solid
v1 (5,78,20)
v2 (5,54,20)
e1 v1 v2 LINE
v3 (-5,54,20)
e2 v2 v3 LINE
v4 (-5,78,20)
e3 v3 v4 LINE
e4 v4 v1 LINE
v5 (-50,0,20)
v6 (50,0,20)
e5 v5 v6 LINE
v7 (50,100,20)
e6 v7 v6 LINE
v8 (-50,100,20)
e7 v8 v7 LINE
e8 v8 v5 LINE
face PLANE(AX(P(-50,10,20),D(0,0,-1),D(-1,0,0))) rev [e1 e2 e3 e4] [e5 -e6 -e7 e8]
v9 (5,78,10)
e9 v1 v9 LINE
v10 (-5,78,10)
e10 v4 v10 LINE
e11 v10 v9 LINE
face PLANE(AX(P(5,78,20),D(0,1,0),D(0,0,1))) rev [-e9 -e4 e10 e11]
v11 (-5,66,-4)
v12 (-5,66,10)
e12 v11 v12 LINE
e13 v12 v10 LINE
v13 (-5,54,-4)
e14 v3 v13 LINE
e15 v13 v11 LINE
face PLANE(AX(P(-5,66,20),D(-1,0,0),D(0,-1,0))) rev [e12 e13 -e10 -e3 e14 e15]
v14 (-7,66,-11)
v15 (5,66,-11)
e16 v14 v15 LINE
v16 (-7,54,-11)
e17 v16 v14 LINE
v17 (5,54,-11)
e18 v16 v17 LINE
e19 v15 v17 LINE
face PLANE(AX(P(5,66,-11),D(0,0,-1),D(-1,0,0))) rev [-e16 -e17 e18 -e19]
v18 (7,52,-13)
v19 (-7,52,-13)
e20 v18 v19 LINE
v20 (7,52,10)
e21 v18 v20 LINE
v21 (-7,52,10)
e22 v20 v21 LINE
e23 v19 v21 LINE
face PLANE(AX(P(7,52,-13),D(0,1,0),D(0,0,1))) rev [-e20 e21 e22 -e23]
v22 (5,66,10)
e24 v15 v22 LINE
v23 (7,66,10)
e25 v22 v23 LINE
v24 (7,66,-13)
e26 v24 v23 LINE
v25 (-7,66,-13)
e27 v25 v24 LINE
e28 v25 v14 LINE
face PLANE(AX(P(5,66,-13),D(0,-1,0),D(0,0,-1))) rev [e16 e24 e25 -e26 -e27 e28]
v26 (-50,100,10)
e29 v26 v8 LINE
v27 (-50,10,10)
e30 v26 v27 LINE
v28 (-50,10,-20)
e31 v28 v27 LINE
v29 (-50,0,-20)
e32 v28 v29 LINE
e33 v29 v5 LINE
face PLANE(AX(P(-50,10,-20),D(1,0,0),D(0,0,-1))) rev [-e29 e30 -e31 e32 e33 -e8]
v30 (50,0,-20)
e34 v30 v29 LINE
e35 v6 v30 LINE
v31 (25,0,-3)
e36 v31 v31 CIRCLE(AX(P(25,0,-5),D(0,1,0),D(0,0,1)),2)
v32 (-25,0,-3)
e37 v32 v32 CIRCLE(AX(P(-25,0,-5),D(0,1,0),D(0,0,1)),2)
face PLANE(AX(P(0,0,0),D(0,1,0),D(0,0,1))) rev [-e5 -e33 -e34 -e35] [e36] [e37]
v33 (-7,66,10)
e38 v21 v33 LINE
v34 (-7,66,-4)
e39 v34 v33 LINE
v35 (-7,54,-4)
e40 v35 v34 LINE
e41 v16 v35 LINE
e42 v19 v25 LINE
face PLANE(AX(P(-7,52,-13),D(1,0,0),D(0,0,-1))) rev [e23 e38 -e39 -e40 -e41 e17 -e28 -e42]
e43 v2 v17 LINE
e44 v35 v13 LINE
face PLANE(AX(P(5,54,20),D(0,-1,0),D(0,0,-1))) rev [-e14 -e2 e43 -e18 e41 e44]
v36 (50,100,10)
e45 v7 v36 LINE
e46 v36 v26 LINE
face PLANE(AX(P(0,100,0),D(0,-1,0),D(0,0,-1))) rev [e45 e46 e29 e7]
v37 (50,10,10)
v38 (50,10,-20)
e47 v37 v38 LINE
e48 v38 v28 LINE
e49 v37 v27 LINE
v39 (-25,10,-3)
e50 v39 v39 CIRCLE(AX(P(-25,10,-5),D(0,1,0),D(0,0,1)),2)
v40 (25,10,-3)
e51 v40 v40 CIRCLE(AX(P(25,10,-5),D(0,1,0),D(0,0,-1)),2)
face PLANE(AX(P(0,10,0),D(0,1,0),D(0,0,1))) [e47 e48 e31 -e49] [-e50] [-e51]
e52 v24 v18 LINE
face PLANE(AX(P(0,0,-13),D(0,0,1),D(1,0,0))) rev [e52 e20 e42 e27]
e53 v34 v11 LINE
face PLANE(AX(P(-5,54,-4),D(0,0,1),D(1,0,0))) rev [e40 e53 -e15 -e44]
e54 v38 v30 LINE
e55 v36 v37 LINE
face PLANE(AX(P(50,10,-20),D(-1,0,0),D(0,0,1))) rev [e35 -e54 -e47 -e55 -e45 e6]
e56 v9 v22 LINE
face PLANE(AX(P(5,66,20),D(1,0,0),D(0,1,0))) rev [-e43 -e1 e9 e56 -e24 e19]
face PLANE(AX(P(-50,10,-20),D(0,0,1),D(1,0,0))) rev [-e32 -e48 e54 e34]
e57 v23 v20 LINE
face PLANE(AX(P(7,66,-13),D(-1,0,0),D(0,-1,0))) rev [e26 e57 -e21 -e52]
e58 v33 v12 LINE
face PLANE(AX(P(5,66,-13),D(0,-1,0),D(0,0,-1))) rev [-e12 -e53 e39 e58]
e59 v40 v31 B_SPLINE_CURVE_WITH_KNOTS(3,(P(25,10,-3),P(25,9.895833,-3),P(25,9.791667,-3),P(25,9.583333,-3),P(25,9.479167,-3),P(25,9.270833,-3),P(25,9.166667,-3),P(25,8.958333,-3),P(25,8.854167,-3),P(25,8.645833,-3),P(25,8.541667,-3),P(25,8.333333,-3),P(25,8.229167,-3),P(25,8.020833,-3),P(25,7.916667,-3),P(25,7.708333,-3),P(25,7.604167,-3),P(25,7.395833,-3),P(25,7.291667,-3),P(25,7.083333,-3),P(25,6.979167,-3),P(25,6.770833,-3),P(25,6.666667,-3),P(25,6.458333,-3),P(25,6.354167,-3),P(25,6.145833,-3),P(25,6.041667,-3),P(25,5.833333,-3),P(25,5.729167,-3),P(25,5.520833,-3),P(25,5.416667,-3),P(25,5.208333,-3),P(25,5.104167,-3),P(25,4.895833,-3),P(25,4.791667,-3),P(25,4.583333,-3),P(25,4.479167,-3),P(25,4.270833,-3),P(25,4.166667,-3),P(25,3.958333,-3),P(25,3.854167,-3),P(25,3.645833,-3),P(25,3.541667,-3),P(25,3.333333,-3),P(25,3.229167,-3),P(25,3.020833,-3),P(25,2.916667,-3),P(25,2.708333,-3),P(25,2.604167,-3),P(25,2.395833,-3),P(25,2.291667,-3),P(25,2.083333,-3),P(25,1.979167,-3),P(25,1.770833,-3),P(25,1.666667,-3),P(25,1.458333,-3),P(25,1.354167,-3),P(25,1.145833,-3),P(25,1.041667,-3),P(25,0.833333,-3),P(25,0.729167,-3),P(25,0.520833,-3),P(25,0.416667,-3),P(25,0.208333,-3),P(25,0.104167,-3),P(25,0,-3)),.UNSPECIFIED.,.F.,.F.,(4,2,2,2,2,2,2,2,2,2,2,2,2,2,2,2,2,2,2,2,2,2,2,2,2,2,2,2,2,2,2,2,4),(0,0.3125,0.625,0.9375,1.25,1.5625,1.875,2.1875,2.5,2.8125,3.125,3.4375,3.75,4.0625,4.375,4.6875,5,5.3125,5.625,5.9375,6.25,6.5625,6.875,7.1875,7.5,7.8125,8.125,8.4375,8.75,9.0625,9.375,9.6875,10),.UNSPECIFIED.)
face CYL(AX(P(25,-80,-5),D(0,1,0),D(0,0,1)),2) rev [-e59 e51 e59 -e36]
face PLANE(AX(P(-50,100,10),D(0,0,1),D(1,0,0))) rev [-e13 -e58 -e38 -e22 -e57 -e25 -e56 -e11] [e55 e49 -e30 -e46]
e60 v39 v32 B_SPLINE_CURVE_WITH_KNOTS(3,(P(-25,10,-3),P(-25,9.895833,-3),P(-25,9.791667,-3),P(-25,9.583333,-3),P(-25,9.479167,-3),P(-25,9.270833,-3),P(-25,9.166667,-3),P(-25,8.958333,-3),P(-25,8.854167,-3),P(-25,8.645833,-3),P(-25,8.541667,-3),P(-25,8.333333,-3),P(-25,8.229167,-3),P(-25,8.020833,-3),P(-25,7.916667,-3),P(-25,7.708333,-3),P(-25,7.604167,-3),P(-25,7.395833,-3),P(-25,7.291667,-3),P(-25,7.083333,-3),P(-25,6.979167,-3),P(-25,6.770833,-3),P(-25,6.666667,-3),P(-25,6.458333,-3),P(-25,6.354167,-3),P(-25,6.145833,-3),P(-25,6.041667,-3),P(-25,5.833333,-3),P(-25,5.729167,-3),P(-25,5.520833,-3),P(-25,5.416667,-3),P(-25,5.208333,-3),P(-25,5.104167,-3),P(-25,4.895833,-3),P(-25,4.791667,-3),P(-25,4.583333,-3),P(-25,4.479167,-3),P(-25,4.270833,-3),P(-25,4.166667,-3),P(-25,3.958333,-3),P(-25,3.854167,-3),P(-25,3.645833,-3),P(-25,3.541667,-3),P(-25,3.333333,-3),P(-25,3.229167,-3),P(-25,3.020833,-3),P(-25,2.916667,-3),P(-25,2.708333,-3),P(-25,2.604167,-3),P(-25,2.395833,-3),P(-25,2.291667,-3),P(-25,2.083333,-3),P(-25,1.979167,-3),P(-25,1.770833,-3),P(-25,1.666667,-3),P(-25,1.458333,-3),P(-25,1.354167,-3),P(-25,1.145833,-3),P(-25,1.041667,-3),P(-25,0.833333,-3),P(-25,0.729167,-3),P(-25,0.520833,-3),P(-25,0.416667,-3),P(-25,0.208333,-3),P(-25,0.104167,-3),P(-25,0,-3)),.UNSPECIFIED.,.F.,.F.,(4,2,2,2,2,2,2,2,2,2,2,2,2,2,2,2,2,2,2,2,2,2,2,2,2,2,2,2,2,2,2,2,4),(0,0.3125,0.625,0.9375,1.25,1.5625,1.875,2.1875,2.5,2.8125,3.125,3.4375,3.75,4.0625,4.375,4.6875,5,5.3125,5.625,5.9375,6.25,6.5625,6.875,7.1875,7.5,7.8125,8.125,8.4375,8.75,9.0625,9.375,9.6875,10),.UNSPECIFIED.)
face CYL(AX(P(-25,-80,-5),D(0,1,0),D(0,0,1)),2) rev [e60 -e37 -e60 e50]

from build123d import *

# Parameters (mm, degrees)
SKETCH3_W           = 100
SKETCH3_H           = 40
BOSS_EXTRUDE1_DEPTH = 10
SKETCH4_W           = 100
SKETCH4_H           = 10
BOSS_EXTRUDE2_DEPTH = 90
SKETCH5_R           = 2
CUT_EXTRUDE1_DEPTH  = 90
SKETCH7_W           = 10
SKETCH7_H           = 12
CUT_EXTRUDE3_DEPTH  = 10
BOSS_EXTRUDE3_DEPTH = 23
SKETCH9_W           = 10
SKETCH9_H           = 2
BOSS_EXTRUDE5_DEPTH = 12
SKETCH12_W          = 2
SKETCH12_H          = 7
CUT_EXTRUDE6_DEPTH  = 12
SKETCH13_W          = 10
SKETCH13_H          = 12
CUT_EXTRUDE7_DEPTH  = 10


with BuildPart() as part:
    # Sketch3 → Boss-Extrude1 (new body)
    with BuildSketch(Plane(origin=(0, 0, 0), x_dir=(1, 0, 0), z_dir=(0, 1, 0))):
        Rectangle(SKETCH3_W, SKETCH3_H)
    extrude(amount=BOSS_EXTRUDE1_DEPTH)

    # Sketch4 → Boss-Extrude2 (add)
    with BuildSketch(Plane(origin=(0, 10, 0), x_dir=(1, 0, 0), z_dir=(0, 1, 0))):
        with Locations((0, -15)):
            Rectangle(SKETCH4_W, SKETCH4_H)
    extrude(amount=BOSS_EXTRUDE2_DEPTH)

    # Sketch5 → Cut-Extrude1 (cut)
    with BuildSketch(Plane(origin=(0, 10, 0), x_dir=(1, 0, 0), z_dir=(0, 1, 0))):
        with Locations(Location((-25, 5, 0), (0, 0, 270))):
            Circle(SKETCH5_R)
        with Locations(Location((25, 5, 0), (0, 0, 270))):
            Circle(SKETCH5_R)
    extrude(amount=-CUT_EXTRUDE1_DEPTH, mode=Mode.SUBTRACT)

    # Sketch7 → Cut-Extrude3 (cut)
    with BuildSketch(Plane(origin=(0, 0, 10), x_dir=(-1, 0, 0), z_dir=(0, 0, -1))):
        with Locations((0, 60)):
            Rectangle(SKETCH7_W, SKETCH7_H)
    extrude(amount=-CUT_EXTRUDE3_DEPTH, mode=Mode.SUBTRACT)

    # Sketch8 → Boss-Extrude3 (add)
    with BuildSketch(Plane(origin=(0, 0, 10), x_dir=(-1, 0, 0), z_dir=(0, 0, -1))):
        Polygon((-5, 54), (-5, 66), (-7, 66), (-7, 52), (7, 52), (7, 66), (5, 66), (5, 54), align=None)
    extrude(amount=BOSS_EXTRUDE3_DEPTH)

    # Sketch9 → Boss-Extrude5 (add)
    with BuildSketch(Plane(origin=(0, 54, 0), x_dir=(1, 0, 0), z_dir=(0, 1, 0))):
        with Locations((0, 12)):
            Rectangle(SKETCH9_W, SKETCH9_H)
    extrude(amount=BOSS_EXTRUDE5_DEPTH)

    # Sketch12 → Cut-Extrude6 (cut)
    with BuildSketch(Plane(origin=(0, 66, 0), x_dir=(1, 0, 0), z_dir=(0, 1, 0))):
        with Locations((-6, 7.5)):
            Rectangle(SKETCH12_W, SKETCH12_H)
    extrude(amount=-CUT_EXTRUDE6_DEPTH, mode=Mode.SUBTRACT)

    # Sketch13 → Cut-Extrude7 (cut)
    with BuildSketch(Plane(origin=(0, 0, 10), x_dir=(-1, 0, 0), z_dir=(0, 0, -1))):
        with Locations((0, 72)):
            Rectangle(SKETCH13_W, SKETCH13_H)
    extrude(amount=-CUT_EXTRUDE7_DEPTH, mode=Mode.SUBTRACT)


solid = part.part
